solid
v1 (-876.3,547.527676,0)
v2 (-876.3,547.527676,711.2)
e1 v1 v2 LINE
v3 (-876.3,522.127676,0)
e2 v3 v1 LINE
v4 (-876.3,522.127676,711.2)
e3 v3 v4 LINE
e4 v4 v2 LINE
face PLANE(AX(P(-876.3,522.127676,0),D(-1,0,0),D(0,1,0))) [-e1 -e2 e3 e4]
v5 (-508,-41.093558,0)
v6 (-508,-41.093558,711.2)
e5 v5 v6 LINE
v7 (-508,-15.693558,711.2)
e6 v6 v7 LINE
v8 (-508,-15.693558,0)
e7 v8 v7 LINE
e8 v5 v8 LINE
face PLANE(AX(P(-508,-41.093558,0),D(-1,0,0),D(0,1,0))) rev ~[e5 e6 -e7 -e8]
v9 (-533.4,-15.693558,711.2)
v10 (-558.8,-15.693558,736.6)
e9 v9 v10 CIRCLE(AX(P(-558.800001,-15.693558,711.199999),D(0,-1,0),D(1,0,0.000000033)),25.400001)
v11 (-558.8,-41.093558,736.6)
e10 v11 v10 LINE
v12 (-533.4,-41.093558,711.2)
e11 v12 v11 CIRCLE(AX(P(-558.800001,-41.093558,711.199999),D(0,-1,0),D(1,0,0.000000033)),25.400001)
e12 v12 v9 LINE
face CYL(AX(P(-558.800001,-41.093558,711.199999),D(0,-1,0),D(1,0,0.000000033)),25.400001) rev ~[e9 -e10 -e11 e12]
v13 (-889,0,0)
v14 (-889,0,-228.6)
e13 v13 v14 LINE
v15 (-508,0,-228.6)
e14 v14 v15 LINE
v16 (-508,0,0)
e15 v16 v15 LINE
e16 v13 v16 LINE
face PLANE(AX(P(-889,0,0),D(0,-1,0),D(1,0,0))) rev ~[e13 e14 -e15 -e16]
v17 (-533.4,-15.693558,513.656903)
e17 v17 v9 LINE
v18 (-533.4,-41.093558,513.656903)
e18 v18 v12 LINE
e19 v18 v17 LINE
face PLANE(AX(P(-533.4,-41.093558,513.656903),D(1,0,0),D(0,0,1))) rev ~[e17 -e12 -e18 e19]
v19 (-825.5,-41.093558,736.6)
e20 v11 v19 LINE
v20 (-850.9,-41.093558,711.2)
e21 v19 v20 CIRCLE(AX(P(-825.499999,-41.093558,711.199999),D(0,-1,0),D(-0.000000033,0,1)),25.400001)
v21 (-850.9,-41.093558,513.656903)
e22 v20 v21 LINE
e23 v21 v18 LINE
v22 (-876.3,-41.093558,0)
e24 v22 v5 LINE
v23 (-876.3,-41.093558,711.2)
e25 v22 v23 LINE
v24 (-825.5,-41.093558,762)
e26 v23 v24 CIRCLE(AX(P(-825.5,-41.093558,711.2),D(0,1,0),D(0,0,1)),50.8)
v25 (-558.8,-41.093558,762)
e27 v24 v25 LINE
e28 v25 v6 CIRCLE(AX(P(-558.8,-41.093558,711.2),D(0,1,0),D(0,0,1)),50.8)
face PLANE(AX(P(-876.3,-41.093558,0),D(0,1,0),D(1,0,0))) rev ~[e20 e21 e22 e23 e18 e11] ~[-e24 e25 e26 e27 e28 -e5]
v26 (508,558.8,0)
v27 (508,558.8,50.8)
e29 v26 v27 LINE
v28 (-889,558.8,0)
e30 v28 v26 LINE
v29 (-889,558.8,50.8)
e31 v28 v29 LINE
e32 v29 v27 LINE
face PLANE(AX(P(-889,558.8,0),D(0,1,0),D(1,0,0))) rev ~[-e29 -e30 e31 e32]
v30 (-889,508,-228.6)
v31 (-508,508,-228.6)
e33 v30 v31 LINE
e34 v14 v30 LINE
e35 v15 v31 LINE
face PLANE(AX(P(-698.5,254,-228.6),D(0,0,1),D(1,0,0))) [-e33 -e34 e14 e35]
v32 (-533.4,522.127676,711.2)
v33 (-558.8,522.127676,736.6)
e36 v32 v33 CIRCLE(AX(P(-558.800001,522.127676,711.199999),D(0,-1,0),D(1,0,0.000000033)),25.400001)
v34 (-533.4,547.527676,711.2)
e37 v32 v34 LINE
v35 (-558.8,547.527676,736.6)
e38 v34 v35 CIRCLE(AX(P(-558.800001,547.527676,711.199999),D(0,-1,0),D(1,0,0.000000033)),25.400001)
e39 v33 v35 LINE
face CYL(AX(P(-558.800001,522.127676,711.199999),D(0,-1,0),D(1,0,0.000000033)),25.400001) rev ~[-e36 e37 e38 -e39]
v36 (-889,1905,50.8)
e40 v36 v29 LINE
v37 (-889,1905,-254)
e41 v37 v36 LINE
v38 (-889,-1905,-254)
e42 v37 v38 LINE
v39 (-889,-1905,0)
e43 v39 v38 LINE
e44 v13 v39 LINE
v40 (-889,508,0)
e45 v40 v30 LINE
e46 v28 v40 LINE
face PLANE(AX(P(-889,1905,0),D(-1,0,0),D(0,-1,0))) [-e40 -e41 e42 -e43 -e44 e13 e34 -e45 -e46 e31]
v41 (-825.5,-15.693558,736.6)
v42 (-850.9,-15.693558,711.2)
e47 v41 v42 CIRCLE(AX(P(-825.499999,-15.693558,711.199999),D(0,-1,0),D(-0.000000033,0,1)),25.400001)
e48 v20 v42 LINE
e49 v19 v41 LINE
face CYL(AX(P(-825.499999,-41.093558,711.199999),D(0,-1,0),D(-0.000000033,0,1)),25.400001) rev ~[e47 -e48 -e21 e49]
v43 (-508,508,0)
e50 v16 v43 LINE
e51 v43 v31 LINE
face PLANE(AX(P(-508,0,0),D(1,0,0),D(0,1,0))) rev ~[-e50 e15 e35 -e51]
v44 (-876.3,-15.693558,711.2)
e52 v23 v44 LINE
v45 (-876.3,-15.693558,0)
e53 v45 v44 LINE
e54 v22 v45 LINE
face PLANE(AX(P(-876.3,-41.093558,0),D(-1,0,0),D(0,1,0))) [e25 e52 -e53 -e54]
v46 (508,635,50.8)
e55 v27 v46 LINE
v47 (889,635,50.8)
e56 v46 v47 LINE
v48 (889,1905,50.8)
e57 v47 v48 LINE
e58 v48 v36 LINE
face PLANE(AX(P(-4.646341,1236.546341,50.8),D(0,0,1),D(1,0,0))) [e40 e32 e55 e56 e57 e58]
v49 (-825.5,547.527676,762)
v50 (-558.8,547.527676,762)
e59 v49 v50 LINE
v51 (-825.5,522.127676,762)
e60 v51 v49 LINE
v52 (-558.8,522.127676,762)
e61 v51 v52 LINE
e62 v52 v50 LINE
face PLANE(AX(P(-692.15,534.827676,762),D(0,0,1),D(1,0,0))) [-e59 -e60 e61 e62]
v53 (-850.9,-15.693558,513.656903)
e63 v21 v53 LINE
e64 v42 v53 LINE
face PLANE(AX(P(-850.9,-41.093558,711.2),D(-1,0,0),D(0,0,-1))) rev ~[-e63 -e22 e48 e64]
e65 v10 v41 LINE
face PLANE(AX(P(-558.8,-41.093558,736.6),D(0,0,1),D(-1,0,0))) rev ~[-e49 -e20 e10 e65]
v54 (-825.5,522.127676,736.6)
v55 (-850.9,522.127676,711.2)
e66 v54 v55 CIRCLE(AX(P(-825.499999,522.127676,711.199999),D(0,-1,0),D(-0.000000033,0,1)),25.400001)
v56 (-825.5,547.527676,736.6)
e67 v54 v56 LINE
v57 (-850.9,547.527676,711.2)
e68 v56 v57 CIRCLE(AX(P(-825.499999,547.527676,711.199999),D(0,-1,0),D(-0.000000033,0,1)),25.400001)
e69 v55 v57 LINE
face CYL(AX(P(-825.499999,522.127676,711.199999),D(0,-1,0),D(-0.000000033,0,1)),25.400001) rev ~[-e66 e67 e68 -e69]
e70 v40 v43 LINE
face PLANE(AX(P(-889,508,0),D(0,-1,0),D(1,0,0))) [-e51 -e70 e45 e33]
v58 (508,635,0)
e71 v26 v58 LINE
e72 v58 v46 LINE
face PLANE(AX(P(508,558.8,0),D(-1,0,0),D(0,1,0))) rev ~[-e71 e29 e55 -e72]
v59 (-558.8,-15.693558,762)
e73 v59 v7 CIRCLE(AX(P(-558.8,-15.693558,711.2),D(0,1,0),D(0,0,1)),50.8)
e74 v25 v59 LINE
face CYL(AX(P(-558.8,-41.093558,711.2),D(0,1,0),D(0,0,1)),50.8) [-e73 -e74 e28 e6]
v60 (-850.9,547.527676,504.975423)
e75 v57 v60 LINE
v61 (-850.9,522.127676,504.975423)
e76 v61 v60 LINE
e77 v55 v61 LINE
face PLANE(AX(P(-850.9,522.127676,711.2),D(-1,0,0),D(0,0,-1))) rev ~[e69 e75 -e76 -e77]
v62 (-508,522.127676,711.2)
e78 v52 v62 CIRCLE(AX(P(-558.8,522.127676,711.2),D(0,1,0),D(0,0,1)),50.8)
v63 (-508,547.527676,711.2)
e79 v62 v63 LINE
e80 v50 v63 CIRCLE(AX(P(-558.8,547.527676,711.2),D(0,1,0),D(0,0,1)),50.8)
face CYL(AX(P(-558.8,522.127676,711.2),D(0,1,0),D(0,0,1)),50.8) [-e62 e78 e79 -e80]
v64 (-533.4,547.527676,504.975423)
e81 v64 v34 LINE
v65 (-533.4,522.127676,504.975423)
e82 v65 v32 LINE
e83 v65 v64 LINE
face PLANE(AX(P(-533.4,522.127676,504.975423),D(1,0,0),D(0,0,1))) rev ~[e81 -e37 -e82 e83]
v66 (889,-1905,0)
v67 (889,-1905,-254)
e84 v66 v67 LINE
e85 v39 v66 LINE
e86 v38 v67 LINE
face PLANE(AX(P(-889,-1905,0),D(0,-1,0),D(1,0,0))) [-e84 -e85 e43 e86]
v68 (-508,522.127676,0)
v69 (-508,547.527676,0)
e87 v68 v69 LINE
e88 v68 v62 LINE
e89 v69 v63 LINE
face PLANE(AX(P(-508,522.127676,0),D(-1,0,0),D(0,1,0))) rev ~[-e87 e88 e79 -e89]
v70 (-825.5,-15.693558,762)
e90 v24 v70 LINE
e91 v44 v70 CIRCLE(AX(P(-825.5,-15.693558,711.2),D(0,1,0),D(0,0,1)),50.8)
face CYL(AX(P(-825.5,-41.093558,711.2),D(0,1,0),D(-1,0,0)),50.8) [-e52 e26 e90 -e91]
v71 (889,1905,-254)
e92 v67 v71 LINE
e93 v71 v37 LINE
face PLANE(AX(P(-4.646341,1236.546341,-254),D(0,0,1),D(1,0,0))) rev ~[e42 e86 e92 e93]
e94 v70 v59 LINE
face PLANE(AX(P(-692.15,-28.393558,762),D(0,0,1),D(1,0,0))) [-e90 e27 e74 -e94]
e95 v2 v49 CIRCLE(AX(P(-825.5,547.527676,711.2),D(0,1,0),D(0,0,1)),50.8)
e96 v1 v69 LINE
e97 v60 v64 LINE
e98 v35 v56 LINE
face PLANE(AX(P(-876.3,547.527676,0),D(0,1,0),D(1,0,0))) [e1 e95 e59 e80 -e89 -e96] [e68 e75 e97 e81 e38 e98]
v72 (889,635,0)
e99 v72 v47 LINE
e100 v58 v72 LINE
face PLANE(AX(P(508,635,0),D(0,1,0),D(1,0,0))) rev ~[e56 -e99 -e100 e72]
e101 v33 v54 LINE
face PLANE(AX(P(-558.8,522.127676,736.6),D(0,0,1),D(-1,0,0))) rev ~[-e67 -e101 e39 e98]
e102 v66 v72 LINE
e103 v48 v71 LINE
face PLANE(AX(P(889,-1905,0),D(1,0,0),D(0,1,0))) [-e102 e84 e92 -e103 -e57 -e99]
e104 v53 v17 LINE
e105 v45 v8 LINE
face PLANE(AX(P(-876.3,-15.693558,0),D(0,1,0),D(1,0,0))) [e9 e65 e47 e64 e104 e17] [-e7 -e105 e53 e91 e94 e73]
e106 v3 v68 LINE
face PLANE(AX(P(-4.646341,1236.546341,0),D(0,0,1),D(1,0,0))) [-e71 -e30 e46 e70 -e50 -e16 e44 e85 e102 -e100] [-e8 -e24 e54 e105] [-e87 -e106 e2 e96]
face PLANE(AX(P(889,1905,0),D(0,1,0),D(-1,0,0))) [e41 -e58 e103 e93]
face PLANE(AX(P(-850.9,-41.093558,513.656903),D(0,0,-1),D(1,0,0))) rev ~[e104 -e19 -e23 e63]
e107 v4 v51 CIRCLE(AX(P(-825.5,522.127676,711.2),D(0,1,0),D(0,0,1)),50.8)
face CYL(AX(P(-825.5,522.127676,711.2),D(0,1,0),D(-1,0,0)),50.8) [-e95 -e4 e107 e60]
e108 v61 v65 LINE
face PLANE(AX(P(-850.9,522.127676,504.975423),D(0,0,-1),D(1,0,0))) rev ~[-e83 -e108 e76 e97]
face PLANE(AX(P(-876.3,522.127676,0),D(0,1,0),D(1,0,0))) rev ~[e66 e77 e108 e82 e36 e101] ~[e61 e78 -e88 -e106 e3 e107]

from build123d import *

# Parameters (mm, degrees)
F1_DEPTH  = 50.8
F0_W      = 381
F0_H      = 609.6
F2_DEPTH  = 254
F3_W      = 381
F3_H      = 508
F4_DEPTH  = 228.6
F5_W      = 368.3
F5_H      = 25.4
F6_DEPTH  = 762
F7_R      = 50.8
F8_R      = 50.8
F10_DEPTH = 25.4
F11_W     = 368.3
F11_H     = 25.4
F12_DEPTH = 762
F13_R     = 50.8
F14_R     = 50.8
F16_DEPTH = 25.4


with BuildPart() as f1:
    # F0 (on Top) → F1 (new body)
    with BuildSketch(Plane.XY):
        Polygon((889, 1905), (-889, 1905), (-889, 558.8), (508, 558.8), (508, 635), (889, 635), align=None)
    extrude(amount=F1_DEPTH)

    # F0 (on Top) → F2 (join)
    with BuildSketch(Plane.XY):
        Polygon((889, 1905), (-889, 1905), (-889, 558.8), (508, 558.8), (508, 635), (889, 635), align=None)
        Polygon((508, 558.8), (-889, 558.8), (-889, 304.8), (-508, 304.8), (-508, -304.8), (-889, -304.8), (-889, -1905), (889, -1905), (889, 635), (508, 635), align=None)
        with Locations((-698.5, 0)):
            Rectangle(F0_W, F0_H)
    extrude(amount=-F2_DEPTH)

    # F3 (on face) → F4 (cut)
    with BuildSketch(Plane.XY):
        with Locations((-698.5, 254)):
            Rectangle(F3_W, F3_H)
    extrude(amount=-F4_DEPTH, mode=Mode.SUBTRACT)

    # F5 (on face) → F6 (join)
    with BuildSketch(Plane.XY):
        with Locations((-692.15, 534.827676)):
            Rectangle(F5_W, F5_H)
    extrude(amount=F6_DEPTH)

    # F7
    f7_edges = [f1.edges().sort_by_distance(p)[0] for p in [
        (-876.3, 534.827676, 762),
    ]]
    fillet(f7_edges, radius=F7_R)

    # F8
    f8_edges = [f1.edges().sort_by_distance(p)[0] for p in [
        (-508, 534.827676, 762),
    ]]
    fillet(f8_edges, radius=F8_R)

    # F9 (on face) → F10 (cut)
    with BuildSketch(Plane.XZ.offset(-522.127676)):
        with BuildLine():
            Line((-850.9, 711.2), (-850.9, 504.975423))
            Line((-850.9, 504.975423), (-533.4, 504.975423))
            Line((-533.4, 504.975423), (-533.4, 711.2))
            ThreePointArc((-533.4, 711.2), (-540.839488, 729.160512), (-558.8, 736.6))
            Line((-558.8, 736.6), (-825.5, 736.6))
            ThreePointArc((-825.5, 736.6), (-843.460512, 729.160512), (-850.9, 711.2))
        make_face()
    extrude(amount=-F10_DEPTH, mode=Mode.SUBTRACT)

    # F11 (on face) → F12 (join)
    with BuildSketch(Plane.XY):
        with Locations((-692.15, -28.393558)):
            Rectangle(F11_W, F11_H)
    extrude(amount=F12_DEPTH)

    # F13
    f13_edges = [f1.edges().sort_by_distance(p)[0] for p in [
        (-876.3, -28.393558, 762),
    ]]
    fillet(f13_edges, radius=F13_R)

    # F14
    f14_edges = [f1.edges().sort_by_distance(p)[0] for p in [
        (-508, -28.393558, 762),
    ]]
    fillet(f14_edges, radius=F14_R)

    # F15 (on face) → F16 (cut)
    with BuildSketch(Plane.XZ.offset(41.093558)):
        with BuildLine():
            Line((-850.9, 711.2), (-850.9, 513.656903))
            Line((-850.9, 513.656903), (-533.4, 513.656903))
            Line((-533.4, 513.656903), (-533.4, 711.2))
            ThreePointArc((-533.4, 711.2), (-540.839488, 729.160512), (-558.8, 736.6))
            Line((-558.8, 736.6), (-825.5, 736.6))
            ThreePointArc((-825.5, 736.6), (-843.460512, 729.160512), (-850.9, 711.2))
        make_face()
    extrude(amount=-F16_DEPTH, mode=Mode.SUBTRACT)


solid = f1.part
